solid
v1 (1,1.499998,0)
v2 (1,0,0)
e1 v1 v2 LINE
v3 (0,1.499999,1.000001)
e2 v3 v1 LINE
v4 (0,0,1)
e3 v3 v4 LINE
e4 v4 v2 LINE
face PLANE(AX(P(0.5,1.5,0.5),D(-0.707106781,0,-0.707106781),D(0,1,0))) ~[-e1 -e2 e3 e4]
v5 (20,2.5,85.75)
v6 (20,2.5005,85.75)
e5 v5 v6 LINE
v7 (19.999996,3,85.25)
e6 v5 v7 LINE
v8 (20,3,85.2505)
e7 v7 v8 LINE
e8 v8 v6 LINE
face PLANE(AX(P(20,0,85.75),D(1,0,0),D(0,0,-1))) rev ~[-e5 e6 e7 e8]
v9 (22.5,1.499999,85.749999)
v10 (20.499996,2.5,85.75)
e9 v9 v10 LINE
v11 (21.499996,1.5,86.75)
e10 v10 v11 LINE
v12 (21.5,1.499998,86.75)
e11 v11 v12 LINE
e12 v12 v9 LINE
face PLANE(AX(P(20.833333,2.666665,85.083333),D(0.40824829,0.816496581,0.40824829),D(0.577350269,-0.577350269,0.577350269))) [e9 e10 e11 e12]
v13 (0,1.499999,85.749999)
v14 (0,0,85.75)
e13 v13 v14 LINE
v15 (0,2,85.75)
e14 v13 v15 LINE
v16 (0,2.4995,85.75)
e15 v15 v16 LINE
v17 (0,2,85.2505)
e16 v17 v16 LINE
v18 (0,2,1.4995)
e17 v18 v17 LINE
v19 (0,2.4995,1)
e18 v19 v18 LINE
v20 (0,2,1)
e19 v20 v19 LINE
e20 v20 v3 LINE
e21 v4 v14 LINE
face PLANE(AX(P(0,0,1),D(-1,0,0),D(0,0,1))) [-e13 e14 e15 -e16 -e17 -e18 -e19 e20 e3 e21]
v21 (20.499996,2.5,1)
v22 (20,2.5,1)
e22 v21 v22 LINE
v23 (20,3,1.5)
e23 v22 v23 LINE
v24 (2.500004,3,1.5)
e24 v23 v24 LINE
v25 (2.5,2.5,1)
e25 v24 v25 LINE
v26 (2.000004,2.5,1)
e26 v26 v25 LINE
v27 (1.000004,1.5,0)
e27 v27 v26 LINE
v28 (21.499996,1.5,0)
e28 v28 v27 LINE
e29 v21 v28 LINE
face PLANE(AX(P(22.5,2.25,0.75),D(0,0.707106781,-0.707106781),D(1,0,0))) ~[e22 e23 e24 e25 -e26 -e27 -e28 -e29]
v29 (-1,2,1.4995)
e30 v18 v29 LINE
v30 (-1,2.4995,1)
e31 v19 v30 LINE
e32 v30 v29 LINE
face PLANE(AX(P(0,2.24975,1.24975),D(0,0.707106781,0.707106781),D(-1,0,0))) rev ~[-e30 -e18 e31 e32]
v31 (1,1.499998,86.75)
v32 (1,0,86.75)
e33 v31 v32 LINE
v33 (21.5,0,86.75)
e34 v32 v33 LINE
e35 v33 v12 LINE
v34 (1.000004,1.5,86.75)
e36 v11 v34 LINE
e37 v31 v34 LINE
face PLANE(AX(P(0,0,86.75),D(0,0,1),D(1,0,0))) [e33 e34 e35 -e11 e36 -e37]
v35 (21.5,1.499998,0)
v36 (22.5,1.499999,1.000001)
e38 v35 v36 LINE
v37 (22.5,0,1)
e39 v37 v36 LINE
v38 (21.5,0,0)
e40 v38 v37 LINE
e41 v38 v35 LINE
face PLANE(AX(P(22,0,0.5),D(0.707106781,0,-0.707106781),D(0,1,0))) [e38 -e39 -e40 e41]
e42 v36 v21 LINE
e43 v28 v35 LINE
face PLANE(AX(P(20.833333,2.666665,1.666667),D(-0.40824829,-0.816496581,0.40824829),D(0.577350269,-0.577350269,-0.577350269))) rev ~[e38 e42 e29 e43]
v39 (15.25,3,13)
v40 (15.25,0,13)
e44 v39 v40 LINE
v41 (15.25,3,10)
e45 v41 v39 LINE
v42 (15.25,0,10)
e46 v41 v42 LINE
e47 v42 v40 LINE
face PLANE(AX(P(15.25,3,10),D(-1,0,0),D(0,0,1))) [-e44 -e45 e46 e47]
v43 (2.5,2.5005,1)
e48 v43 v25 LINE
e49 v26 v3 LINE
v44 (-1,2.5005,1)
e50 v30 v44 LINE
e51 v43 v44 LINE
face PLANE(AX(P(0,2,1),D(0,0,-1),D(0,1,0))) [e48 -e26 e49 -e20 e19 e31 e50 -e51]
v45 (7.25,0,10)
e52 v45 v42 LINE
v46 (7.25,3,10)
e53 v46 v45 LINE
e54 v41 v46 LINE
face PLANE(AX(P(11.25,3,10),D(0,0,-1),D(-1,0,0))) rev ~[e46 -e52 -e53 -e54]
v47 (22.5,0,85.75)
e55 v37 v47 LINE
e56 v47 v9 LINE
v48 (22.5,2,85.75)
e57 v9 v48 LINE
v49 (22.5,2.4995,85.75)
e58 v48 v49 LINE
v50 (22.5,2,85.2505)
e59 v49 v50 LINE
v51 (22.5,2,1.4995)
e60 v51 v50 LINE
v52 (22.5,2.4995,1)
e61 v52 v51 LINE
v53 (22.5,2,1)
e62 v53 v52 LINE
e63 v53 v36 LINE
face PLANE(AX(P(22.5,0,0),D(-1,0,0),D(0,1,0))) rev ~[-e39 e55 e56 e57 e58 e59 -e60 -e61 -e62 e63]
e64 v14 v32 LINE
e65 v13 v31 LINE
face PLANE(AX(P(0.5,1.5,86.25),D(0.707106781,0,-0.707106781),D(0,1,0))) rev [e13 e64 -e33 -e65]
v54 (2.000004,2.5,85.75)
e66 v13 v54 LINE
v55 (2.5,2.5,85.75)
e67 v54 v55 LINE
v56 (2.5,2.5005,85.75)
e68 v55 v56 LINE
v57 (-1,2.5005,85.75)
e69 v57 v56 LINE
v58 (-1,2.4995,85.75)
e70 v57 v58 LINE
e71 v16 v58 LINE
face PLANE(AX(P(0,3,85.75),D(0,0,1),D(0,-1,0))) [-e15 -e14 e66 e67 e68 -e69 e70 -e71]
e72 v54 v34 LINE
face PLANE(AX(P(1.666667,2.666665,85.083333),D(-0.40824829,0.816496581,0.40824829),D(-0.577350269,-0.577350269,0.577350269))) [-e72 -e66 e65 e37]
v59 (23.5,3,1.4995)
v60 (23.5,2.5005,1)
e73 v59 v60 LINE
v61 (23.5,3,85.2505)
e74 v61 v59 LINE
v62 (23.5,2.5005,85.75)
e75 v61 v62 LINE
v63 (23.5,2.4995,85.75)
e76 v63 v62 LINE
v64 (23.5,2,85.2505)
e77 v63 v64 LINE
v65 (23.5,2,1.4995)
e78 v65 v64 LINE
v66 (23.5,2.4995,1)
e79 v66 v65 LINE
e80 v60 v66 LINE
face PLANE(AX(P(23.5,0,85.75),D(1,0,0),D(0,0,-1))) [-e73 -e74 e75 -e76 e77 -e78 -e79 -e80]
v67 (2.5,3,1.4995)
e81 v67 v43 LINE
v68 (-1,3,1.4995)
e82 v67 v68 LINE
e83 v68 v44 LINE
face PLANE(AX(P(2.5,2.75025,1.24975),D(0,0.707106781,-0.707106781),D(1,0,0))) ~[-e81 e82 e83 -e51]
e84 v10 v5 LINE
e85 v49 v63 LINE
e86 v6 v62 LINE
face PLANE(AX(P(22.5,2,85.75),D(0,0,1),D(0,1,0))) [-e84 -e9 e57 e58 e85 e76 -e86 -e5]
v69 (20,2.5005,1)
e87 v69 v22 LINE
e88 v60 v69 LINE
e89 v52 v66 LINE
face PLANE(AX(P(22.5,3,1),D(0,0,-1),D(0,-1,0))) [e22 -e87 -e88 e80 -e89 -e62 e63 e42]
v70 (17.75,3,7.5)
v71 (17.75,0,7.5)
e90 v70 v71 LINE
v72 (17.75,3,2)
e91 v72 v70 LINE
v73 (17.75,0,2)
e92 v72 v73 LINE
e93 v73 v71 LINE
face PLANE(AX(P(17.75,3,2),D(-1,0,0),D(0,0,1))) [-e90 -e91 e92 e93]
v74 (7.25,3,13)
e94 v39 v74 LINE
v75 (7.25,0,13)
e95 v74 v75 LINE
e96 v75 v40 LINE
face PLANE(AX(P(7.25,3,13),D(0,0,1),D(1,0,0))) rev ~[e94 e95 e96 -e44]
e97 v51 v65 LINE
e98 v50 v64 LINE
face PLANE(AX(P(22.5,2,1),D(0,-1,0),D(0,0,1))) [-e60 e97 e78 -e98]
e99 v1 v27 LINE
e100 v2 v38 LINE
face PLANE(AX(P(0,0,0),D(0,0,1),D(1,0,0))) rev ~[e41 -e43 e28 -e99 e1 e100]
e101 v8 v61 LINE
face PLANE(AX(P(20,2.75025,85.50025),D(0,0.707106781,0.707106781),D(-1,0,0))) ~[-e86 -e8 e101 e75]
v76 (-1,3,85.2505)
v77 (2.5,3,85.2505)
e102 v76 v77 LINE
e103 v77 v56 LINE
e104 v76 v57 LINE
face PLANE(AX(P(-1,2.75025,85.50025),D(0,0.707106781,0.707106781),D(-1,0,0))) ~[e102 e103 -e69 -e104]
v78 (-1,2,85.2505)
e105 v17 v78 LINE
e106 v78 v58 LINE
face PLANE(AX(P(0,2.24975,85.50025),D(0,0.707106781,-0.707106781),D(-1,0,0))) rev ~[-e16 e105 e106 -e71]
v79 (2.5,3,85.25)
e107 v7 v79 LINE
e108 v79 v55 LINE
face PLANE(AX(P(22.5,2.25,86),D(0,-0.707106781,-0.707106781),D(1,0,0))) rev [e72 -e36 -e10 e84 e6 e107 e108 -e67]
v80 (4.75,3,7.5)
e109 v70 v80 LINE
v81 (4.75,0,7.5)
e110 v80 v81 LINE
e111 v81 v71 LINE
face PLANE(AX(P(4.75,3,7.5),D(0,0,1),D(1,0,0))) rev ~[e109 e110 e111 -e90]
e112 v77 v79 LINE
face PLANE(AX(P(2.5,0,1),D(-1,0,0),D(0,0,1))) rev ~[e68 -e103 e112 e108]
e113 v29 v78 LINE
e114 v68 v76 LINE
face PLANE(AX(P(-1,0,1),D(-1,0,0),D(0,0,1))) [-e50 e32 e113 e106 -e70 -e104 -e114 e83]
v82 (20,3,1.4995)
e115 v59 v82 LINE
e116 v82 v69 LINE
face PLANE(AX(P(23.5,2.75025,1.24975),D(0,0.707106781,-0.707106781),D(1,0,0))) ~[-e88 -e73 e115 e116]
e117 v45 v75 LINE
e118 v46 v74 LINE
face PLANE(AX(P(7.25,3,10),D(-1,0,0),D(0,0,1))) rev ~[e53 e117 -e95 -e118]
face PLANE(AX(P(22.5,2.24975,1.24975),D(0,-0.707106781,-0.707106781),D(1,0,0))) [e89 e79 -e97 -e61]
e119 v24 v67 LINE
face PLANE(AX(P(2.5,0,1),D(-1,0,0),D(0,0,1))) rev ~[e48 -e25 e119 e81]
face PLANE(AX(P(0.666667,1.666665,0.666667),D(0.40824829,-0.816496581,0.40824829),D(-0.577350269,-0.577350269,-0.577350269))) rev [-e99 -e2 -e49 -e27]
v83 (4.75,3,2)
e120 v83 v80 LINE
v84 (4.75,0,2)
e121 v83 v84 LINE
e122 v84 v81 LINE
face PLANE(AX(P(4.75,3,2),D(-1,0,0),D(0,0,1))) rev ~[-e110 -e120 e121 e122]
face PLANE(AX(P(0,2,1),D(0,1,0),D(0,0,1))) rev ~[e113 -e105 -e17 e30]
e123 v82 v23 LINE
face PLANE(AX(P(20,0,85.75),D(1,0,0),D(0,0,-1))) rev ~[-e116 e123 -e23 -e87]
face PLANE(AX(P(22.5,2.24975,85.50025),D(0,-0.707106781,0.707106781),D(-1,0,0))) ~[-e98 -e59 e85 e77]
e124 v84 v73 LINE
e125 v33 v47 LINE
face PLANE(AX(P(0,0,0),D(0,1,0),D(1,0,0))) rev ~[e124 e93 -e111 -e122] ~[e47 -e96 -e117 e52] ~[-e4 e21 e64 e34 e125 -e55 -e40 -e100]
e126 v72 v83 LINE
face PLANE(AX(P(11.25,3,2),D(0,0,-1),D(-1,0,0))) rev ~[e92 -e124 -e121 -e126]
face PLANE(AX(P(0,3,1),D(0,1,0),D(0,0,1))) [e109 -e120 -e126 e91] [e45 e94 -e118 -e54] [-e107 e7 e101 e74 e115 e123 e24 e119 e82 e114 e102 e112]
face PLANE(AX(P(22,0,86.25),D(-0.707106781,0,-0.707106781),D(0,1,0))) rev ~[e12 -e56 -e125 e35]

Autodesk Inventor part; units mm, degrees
ref_plane "YZ Plane" through (0, 0, 0) normal (1, 0, 0) x (0, 1, 0)
ref_plane "XZ Plane" through (0, 0, 0) normal (0, 1, 0) x (-1, 0, 0)
ref_plane "XY Plane" through (0, 0, 0) normal (0, 0, 1) x (1, 0, 0)
sketch "Sketch1" plane through (0, 0, 0) normal (0, 0, 1) x (1, 0, 0)
  line L0 (0, 0) -> (22.5, 0)
  line L1 (22.5, 0) -> (22.5, 3)
  line L2 (22.5, 3) -> (0, 3)
  line L3 (0, 3) -> (0, 0)
  dimension "d0" = 22.5
  dimension "d1" = 3
extrude "Extrusion1" add sketch "Sketch1" along normal blind 86.75
sketch "Sketch2" plane through (0, 3, 0) normal (0, 1, 0) x (1, 0, 0)
  line L0 (0, 0) -> (22.5, 0) projected
  line L1 (11.25, 0) -> (11.25, -2)
  line L2 (11.25, 0) -> (13.25, 0) construction
  line L3 (11.25, -2) -> (4.75, -2)
  line L4 (4.75, -2) -> (4.75, -7.5)
  line L5 (4.75, -7.5) -> (11.25, -7.5)
  line L6 (11.25, -7.5) -> (11.25, -2)
  line L7 (11.25, -2) -> (17.75, -2)
  line L8 (17.75, -2) -> (17.75, -7.5)
  line L9 (17.75, -7.5) -> (11.25, -7.5)
  line L10 (11.25, -7.5) -> (11.25, -2)
  dimension "d4" = 2
  dimension "d5" = 90
  dimension "d6" = 6.5
  dimension "d7" = 5.5
  dimension "d8" = 6.5
  dimension "d9" = 5.5
extrude "Extrusion2" cut sketch "Sketch2" against normal blind 3
sketch "Sketch3" plane through (0, 3, 0) normal (0, 1, 0) x (1, 0, 0)
  line L0 (4.75, -7.5) -> (17.75, -7.5) projected
  line L1 (11.25, -7.5) -> (11.25, -10)
  line L2 (11.25, -7.5) -> (13.75, -7.5) construction
  line L3 (11.25, -10) -> (7.25, -10)
  line L4 (7.25, -10) -> (7.25, -13)
  line L5 (7.25, -13) -> (11.25, -13)
  line L6 (11.25, -13) -> (11.25, -10)
  line L7 (11.25, -10) -> (15.25, -10)
  line L8 (15.25, -10) -> (15.25, -13)
  line L9 (15.25, -13) -> (11.25, -13)
  line L10 (11.25, -13) -> (11.25, -10)
  point P0 (0, 0)
  dimension "d12" = 2.5
  dimension "d13" = 90
  dimension "d14" = 4
  dimension "d15" = 3
  dimension "d16" = 4
  dimension "d17" = 3
extrude "Extrusion3" cut sketch "Sketch3" against normal blind 3
sketch "Sketch4" plane through (0, 3, 0) normal (0, 1, 0) x (1, 0, 0)
  point P0 (0, 0)
chamfer "Chamfer1" distance 1.5 angle 45 4 edges at (22.5, 3, 43.375) (11.25, 3, 86.75) (0, 3, 43.375) (11.25, 3, 0)
chamfer "Chamfer2" distance 1 angle 45 4 edges at (0, 0.75, 86.75) (22.5, 0.75, 86.75) (22.5, 0.75, 0) (0, 0.75, 0)
chamfer "Chamfer3" distance 0.8165 angle 45 4 edges at (1, 2.5, 1) (21.5, 2.5, 1) (1, 2.5, 85.75) (21.5, 2.5, 85.75)
sketch "Sketch5" plane through (22.5, 0, 85.75) normal (1, 0, 0) x (0, 0, -1)
  line L0 (83.25, 3) -> (84.75, 1.5) projected
  line L1 (84.75, 1.5) -> (0, 1.5)
  line L2 (0, 1.5) -> (0, 3)
  line L3 (0, 3) -> (84.75, 3)
  line L4 (84.75, 3) -> (84.75, 1.5)
  point P0 (85.75, 0)
  dimension "d29" = 84.75
  dimension "d30" = 1.5
extrude "Extrusion4" add sketch "Sketch5" against normal blind 2.5
sketch "Sketch6" plane through (22.5, 0, 85.75) normal (1, 0, 0) x (0, 0, -1)
  line L0 (0, 3) -> (84.75, 3) projected
  line L1 (0, 3) -> (84.75, 3)
  line L2 (84.75, 3) -> (84.75, 2)
  line L3 (84.75, 2) -> (0, 2)
  line L4 (0, 2) -> (0, 3)
  point P0 (85.75, 0)
  dimension "d33" = 84.75
  dimension "d34" = 1
extrude "Extrusion5" add sketch "Sketch6" along normal blind 1
sketch "Sketch7" plane through (0, 0, 1) normal (-1, 0, 0) x (0, 0, 1)
  line L0 (0, 1.5) -> (1.5, 3) projected
  line L1 (0, 1.5) -> (84.75, 1.5)
  line L2 (84.75, 1.5) -> (84.75, 3)
  line L3 (84.75, 3) -> (0, 3)
  line L4 (0, 3) -> (0, 1.5)
  point P0 (-1, 0)
  dimension "d37" = 84.75
  dimension "d38" = 1.5
extrude "Extrusion6" add sketch "Sketch7" against normal blind 2.5
sketch "Sketch8" plane through (0, 0, 1) normal (-1, 0, 0) x (0, 0, 1)
  line L0 (0, 3) -> (0.5, 3) projected
  line L1 (0, 2) -> (84.75, 2) projected
  line L2 (0, 3) -> (84.75, 3)
  line L3 (84.75, 3) -> (84.75, 2)
  line L4 (84.75, 2) -> (0, 2)
  line L5 (0, 2) -> (0, 3)
  point P0 (-1, 0)
  dimension "d41" = 84.75
  dimension "d42" = 1
extrude "Extrusion7" add sketch "Sketch8" along normal blind 1
chamfer "Chamfer4" distance 0.5 angle 45 8 edges at (21.75, 3, 85.75) (23, 2, 85.75) (0.75, 3, 85.75) (-0.5, 2, 85.75) (0.75, 3, 1) (-0.5, 2, 1) (21.75, 3, 1) (23, 2, 1)
properties part number "Battery-Management-Case-Cover"
